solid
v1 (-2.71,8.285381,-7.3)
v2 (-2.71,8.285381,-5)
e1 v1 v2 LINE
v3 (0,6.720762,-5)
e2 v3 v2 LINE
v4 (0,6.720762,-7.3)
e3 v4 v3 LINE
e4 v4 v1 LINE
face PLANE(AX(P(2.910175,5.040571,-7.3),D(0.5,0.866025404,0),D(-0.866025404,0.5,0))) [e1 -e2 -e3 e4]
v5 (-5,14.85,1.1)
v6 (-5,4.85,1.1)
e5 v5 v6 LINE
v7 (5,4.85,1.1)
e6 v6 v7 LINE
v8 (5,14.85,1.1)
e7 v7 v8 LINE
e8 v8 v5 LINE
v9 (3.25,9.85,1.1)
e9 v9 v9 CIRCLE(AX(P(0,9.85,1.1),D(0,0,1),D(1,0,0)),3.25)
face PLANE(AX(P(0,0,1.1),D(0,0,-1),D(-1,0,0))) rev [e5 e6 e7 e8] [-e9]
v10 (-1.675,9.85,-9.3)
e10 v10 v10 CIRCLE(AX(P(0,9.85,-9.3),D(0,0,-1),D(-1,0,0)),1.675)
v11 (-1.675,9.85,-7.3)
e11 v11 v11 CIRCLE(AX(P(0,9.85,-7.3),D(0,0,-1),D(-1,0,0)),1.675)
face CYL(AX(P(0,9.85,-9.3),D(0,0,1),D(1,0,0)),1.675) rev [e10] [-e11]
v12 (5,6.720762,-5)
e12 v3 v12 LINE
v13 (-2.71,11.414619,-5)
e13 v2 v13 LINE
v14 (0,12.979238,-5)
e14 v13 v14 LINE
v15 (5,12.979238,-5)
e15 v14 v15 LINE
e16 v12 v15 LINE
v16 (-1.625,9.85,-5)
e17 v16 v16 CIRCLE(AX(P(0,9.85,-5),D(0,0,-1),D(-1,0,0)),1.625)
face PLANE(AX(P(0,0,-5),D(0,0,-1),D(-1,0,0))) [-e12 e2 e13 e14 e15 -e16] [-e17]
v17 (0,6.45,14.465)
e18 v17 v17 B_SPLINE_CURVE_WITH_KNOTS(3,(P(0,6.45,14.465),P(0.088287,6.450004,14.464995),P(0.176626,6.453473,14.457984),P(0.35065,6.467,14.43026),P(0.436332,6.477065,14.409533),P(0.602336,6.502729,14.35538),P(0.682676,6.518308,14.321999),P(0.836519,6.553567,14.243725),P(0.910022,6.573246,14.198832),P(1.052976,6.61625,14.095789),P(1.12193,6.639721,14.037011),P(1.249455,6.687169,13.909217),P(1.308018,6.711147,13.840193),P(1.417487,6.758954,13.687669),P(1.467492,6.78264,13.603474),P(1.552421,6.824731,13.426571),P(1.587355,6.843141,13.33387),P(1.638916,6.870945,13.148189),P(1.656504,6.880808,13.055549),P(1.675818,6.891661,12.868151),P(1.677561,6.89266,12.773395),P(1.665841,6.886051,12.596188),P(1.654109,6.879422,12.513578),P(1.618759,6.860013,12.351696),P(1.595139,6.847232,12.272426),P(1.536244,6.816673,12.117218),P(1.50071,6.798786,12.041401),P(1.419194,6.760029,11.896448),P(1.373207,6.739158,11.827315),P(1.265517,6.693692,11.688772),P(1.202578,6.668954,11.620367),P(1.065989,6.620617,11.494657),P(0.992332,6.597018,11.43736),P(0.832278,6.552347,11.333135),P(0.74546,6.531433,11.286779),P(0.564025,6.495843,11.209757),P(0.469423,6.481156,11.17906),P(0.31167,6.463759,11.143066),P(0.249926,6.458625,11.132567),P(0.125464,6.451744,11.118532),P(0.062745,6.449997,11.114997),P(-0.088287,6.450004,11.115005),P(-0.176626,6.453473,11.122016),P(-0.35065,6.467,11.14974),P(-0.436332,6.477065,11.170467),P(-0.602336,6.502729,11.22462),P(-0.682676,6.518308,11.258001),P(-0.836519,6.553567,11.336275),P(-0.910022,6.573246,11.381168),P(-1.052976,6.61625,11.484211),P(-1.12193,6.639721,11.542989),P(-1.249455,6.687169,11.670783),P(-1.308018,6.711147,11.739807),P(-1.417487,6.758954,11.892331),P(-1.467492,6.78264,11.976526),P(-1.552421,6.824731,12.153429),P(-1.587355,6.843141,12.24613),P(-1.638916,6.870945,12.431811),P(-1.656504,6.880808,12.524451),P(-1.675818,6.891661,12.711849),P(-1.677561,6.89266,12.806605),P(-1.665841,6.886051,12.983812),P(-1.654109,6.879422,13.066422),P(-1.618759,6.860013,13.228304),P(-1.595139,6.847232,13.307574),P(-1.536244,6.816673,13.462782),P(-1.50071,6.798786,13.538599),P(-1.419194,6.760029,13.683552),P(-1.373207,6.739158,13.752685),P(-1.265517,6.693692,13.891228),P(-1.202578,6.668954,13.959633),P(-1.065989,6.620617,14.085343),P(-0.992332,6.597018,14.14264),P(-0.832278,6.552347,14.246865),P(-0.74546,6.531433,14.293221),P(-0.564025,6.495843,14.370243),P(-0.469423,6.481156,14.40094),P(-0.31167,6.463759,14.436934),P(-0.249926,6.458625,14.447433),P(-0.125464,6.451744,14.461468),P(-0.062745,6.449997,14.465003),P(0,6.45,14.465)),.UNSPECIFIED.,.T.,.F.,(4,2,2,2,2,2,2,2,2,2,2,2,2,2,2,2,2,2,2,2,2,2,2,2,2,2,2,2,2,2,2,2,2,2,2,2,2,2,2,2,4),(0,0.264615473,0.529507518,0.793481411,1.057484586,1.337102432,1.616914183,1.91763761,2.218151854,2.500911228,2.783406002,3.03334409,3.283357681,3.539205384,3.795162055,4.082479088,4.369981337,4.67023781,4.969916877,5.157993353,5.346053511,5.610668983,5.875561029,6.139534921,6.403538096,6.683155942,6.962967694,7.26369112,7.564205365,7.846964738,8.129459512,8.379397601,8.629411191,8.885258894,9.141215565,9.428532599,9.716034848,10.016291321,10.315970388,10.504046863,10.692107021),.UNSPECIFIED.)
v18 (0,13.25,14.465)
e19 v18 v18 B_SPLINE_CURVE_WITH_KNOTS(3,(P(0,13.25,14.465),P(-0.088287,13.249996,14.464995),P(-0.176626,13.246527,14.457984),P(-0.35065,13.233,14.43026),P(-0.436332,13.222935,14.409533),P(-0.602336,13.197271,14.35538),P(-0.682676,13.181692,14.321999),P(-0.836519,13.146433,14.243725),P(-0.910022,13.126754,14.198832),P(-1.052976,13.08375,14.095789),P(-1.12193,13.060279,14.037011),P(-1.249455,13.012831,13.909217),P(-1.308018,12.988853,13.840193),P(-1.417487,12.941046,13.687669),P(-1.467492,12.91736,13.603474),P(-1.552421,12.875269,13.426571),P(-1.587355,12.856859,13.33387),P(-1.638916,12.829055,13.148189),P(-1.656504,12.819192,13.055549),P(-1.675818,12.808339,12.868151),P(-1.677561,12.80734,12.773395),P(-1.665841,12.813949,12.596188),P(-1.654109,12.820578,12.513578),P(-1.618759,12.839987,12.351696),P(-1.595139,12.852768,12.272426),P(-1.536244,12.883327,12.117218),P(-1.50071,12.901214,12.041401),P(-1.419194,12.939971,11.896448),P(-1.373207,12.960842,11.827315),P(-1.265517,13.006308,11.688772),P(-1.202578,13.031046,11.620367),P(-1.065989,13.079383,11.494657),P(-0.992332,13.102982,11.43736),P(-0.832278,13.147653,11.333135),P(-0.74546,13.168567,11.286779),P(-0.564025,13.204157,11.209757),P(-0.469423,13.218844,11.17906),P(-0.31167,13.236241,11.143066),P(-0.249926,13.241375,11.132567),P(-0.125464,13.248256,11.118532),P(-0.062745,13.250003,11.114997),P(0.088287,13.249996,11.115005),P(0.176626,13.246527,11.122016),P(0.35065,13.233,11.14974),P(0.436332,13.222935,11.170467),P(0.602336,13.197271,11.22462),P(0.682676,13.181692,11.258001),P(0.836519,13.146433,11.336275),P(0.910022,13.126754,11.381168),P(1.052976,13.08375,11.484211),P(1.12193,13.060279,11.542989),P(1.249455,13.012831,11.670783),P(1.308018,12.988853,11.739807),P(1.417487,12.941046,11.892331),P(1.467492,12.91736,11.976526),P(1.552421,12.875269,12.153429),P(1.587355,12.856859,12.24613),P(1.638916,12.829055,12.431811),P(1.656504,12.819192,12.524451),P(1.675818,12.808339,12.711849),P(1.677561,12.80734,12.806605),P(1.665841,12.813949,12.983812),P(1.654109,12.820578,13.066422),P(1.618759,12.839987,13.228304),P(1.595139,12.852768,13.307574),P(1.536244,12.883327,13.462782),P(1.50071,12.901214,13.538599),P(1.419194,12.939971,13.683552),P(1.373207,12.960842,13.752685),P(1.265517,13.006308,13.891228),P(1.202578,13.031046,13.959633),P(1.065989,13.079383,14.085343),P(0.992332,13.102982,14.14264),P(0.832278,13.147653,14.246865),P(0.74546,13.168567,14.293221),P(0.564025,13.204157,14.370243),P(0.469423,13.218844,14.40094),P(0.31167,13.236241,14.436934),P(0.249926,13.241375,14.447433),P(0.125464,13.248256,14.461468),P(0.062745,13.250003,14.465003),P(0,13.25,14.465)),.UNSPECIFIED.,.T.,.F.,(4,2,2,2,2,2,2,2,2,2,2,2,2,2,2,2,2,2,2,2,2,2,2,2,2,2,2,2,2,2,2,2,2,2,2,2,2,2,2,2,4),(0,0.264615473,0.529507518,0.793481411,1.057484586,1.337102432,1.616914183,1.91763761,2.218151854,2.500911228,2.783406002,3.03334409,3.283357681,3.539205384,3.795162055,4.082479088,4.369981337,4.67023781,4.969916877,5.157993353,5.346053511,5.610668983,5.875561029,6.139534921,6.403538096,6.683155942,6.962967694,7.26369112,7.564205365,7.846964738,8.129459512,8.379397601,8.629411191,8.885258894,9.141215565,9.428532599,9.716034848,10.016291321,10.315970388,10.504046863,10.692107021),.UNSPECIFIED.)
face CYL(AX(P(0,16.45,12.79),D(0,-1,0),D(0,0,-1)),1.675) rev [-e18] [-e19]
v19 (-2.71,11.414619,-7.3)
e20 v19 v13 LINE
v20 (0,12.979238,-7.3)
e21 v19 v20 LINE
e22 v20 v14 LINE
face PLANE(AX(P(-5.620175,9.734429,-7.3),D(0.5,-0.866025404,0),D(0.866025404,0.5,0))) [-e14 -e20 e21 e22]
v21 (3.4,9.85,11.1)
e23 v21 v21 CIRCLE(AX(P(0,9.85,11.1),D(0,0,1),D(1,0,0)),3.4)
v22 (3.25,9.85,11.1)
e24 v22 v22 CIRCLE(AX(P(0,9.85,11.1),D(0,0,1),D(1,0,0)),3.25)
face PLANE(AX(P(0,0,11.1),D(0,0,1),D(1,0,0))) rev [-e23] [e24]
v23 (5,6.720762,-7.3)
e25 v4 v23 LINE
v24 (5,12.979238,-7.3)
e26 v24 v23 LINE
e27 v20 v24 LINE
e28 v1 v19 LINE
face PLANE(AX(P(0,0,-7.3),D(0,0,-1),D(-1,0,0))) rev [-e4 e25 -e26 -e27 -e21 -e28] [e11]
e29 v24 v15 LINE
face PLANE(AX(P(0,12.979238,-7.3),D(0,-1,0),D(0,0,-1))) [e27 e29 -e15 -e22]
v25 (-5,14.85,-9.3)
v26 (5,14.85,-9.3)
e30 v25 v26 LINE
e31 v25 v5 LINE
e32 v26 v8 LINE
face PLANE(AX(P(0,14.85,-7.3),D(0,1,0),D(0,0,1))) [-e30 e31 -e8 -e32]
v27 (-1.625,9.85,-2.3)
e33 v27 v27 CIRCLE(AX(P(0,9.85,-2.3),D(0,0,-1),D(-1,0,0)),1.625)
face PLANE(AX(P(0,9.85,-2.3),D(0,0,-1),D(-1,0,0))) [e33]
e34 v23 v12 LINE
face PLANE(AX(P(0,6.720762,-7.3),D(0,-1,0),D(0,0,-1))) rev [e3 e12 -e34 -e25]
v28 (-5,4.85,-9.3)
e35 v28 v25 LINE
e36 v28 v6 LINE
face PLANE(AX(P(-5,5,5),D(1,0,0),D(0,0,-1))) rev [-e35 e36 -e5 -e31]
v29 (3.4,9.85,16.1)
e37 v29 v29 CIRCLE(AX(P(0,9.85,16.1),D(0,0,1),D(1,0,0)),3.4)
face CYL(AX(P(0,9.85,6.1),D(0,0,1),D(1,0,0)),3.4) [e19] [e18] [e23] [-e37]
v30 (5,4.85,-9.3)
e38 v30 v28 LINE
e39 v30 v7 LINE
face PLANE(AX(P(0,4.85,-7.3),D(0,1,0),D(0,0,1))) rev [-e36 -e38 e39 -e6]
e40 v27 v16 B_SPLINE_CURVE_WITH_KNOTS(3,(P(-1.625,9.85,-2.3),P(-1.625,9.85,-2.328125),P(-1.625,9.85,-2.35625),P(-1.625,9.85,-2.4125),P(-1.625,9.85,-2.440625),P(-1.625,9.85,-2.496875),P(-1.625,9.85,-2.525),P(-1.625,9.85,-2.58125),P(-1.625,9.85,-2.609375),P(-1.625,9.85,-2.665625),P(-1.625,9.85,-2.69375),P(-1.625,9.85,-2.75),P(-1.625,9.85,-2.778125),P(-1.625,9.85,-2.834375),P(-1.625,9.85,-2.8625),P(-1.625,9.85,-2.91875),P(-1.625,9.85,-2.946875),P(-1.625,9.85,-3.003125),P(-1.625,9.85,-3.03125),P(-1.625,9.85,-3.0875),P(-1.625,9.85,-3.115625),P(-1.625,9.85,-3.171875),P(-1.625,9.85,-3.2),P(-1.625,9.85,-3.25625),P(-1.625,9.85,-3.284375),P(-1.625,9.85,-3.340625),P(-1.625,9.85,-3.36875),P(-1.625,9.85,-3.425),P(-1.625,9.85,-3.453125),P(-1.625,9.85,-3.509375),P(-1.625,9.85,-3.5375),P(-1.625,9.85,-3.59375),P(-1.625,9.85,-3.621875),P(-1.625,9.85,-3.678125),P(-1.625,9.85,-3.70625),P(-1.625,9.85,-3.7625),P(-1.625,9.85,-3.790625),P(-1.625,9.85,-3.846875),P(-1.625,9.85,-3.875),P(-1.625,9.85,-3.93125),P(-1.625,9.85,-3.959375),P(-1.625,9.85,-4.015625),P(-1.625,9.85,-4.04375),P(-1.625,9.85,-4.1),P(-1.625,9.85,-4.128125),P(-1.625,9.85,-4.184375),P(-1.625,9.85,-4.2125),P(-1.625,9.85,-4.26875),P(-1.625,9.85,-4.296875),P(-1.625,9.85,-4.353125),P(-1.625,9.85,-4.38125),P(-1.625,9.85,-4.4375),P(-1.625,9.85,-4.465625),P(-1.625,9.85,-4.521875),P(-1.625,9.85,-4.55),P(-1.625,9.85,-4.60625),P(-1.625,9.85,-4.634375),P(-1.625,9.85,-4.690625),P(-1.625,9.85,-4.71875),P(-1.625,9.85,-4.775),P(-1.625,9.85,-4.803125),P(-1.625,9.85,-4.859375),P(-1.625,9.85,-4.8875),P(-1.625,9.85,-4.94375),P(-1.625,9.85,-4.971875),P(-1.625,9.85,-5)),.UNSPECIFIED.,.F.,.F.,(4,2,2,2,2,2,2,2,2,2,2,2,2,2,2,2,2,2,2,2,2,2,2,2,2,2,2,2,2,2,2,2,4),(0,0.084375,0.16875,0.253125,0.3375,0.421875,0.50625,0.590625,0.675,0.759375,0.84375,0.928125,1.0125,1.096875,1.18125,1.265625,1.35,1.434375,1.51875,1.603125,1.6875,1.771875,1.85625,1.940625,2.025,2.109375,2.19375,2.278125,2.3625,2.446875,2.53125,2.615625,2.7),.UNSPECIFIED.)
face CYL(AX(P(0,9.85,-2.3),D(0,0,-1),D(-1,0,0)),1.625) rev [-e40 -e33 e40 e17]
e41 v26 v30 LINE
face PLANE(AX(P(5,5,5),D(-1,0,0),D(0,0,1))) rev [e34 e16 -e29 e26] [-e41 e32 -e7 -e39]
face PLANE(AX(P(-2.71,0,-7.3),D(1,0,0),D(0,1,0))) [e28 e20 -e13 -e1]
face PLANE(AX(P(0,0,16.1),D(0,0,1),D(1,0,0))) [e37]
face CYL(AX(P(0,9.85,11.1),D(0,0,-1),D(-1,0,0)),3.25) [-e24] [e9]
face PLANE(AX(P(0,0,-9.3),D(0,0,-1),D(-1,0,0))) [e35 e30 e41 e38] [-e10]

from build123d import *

# Parameters (mm, degrees)
SKETCH1_W               = 10
SKETCH1_H               = 10
BOSS_EXTRUDE1_DEPTH     = 5
CUT_EXTRUDE1_DEPTH      = 9.660254038
CUT_EXTRUDE1_DEPTH_BACK = 9.660254038
SKETCH2_R               = 1.675
SKETCH3_R               = 1.675
CUT_EXTRUDE3_DEPTH      = 2.3
SKETCH4_W               = 10
SKETCH4_H               = 10
BOSS_EXTRUDE2_DEPTH     = 2.7
SKETCH6_W               = 10
SKETCH6_H               = 10
BOSS_EXTRUDE3_DEPTH     = 7
SKETCH9_R               = 2.15
CUT_EXTRUDE12_DEPTH     = 19.468622038
SKETCH10_R              = 1.675
CUT_EXTRUDE13_DEPTH     = 13.003749414
BOSS_EXTRUDE4_DEPTH     = 2.3
SKETCH12_W              = 10
SKETCH12_H              = 10
BOSS_EXTRUDE5_DEPTH     = 2.7
CUT_EXTRUDE14_START     = -2.7
SKETCH13_R              = 1.675
CUT_EXTRUDE14_DEPTH     = 2.7
SKETCH14_R              = 2.15
BOSS_EXTRUDE6_DEPTH     = 0.76
SKETCH16_W              = 10
SKETCH16_H              = 19.7
CUT_EXTRUDE15_DEPTH     = 2.29
BOSS_EXTRUDE7_START     = 1
SKETCH17_W              = 10
SKETCH17_H              = 7.71
SKETCH17_R              = 1.675
BOSS_EXTRUDE7_DEPTH     = 1
SKETCH18_W              = 10
SKETCH18_H              = 7.71
SKETCH18_R              = 1.675
BOSS_EXTRUDE9_DEPTH     = 1
BOSS_EXTRUDE13_DEPTH    = 2.3
SKETCH23_W              = 10
SKETCH23_H              = 10
SKETCH23_R              = 1.675
BOSS_EXTRUDE15_DEPTH    = 2
SKETCH24_W              = 10
SKETCH24_H              = 5.85
CUT_EXTRUDE16_DEPTH     = 25.448519432
SKETCH25_W              = 10
SKETCH25_H              = 10
BOSS_EXTRUDE16_DEPTH    = 6
SKETCH26_W              = 10
SKETCH26_H              = 10
CUT_EXTRUDE17_DEPTH     = 7.71
SKETCH27_W              = 10
SKETCH27_H              = 10
BOSS_EXTRUDE17_DEPTH    = 6.1
SKETCH28_R              = 3.25
BOSS_EXTRUDE18_DEPTH    = 10
SKETCH29_R              = 1.625
CUT_EXTRUDE18_DEPTH     = 2.7
SKETCH33_W              = 6.8
SKETCH33_H              = 6.8
BOSS_EXTRUDE19_DEPTH    = 5
SKETCH36_R              = 1.675
CUT_EXTRUDE22_DEPTH     = 10
CUT_EXTRUDE23_DEPTH     = 10


with BuildPart() as part:
    # Sketch1 → Boss-Extrude1 (new body)
    with BuildSketch(Plane(origin=(0, 0, 0), x_dir=(1, 0, 0), z_dir=(0, 1, 0))):
        Rectangle(SKETCH1_W, SKETCH1_H)
    extrude(amount=BOSS_EXTRUDE1_DEPTH)

    # Sketch2 → Cut-Extrude1 (cut, two sides: drawn at the far end of the back side and taken through both)
    with BuildSketch(Plane(origin=(0, 5, 0), x_dir=(1, 0, 0), z_dir=(0, 1, 0)).offset(-CUT_EXTRUDE1_DEPTH_BACK)):
        with Locations(Location((0, 0, 0), (0, 0, 270))):
            Circle(SKETCH2_R)
    extrude(amount=CUT_EXTRUDE1_DEPTH + CUT_EXTRUDE1_DEPTH_BACK, mode=Mode.SUBTRACT)

    # Sketch3 → Cut-Extrude3 (cut)
    # profile 1 of 2: a face of its own
    with BuildSketch(Plane(origin=(0, 5, 0), x_dir=(1, 0, 0), z_dir=(0, 1, 0))):
        Polygon((-1.56461923, -2.71), (1.56461923, -2.71), (3.129238459, 0), (1.56461923, 2.71), (-1.56461923, 2.71), (-3.129238459, 0), align=None)
        with Locations(Location((0, 0, 0), (0, 0, 270))):
            Circle(SKETCH3_R, mode=Mode.SUBTRACT)
    # profile 2 of 2: a face of its own
    with BuildSketch(Plane(origin=(0, 5, 0), x_dir=(1, 0, 0), z_dir=(0, 1, 0))):
        Polygon((-1.56461923, -2.71), (-3.129238459, 0), (-3.129238459, -5), (3.129238459, -5), (3.129238459, 0), (1.56461923, -2.71), align=None)
    extrude(amount=-CUT_EXTRUDE3_DEPTH, mode=Mode.SUBTRACT)

    # Sketch4 → Boss-Extrude2 (add)
    with BuildSketch(Plane(origin=(0, 5, 0), x_dir=(1, 0, 0), z_dir=(0, 1, 0))):
        Rectangle(SKETCH4_W, SKETCH4_H)
    extrude(amount=BOSS_EXTRUDE2_DEPTH)

    # Sketch6 → Boss-Extrude3 (add)
    with BuildSketch(Plane(origin=(0, 7.7, 0), x_dir=(1, 0, 0), z_dir=(0, 1, 0))):
        Rectangle(SKETCH6_W, SKETCH6_H)
    extrude(amount=BOSS_EXTRUDE3_DEPTH)

    # Sketch9 → Cut-Extrude12 (cut, through all)
    with BuildSketch(Plane(origin=(0, 0, -5), x_dir=(-1, 0, 0), z_dir=(0, 0, -1))):
        with Locations((0, 9.85)):
            Circle(SKETCH9_R)
    extrude(amount=-CUT_EXTRUDE12_DEPTH, mode=Mode.SUBTRACT)

    # Sketch10 → Cut-Extrude13 (cut, through all)
    with BuildSketch(Plane.XZ.offset(-5)):
        with Locations(Location((0, 0, 0), (0, 0, 90))):
            Circle(SKETCH10_R)
    extrude(amount=-CUT_EXTRUDE13_DEPTH, mode=Mode.SUBTRACT)

    # Sketch11 → Boss-Extrude4 (add)
    with BuildSketch(Plane(origin=(0, 14.7, 0), x_dir=(1, 0, 0), z_dir=(0, 1, 0))):
        Polygon((1.56461923, 2.71), (3.129238459, 0), (3.129238459, -5), (5, -5), (5, 5), (-5, 5), (-5, -5), (-3.129238459, -5), (-3.129238459, 0), (-1.56461923, 2.71), align=None)
    extrude(amount=BOSS_EXTRUDE4_DEPTH)

    # Sketch12 → Boss-Extrude5 (add)
    with BuildSketch(Plane(origin=(0, 17, 0), x_dir=(1, 0, 0), z_dir=(0, 1, 0))):
        Rectangle(SKETCH12_W, SKETCH12_H)
    extrude(amount=BOSS_EXTRUDE5_DEPTH)

    # Sketch13 → Cut-Extrude14 (cut)
    with BuildSketch(Plane(origin=(0, 19.7, 0), x_dir=(1, 0, 0), z_dir=(0, 1, 0)).offset(CUT_EXTRUDE14_START)):
        with Locations(Location((0, 0, 0), (0, 0, 270))):
            Circle(SKETCH13_R)
    extrude(amount=CUT_EXTRUDE14_DEPTH, mode=Mode.SUBTRACT)

    # Sketch16 → Cut-Extrude15 (cut)
    with BuildSketch(Plane.XY.offset(5)):
        with Locations((0, 9.85)):
            Rectangle(SKETCH16_W, SKETCH16_H)
    extrude(amount=-CUT_EXTRUDE15_DEPTH, mode=Mode.SUBTRACT)

    # Sketch17 → Boss-Extrude7 (add)
    with BuildSketch(Plane(origin=(0, 0, 0), x_dir=(-1, 0, 0), z_dir=(0, -1, 0)).offset(BOSS_EXTRUDE7_START)):
        with Locations((0, 1.145)):
            Rectangle(SKETCH17_W, SKETCH17_H)
        with Locations(Location((0, 0, 0), (0, 0, 270))):
            Circle(SKETCH17_R, mode=Mode.SUBTRACT)
    extrude(amount=-BOSS_EXTRUDE7_DEPTH)

    # Sketch18 → Boss-Extrude9 (add)
    with BuildSketch(Plane(origin=(0, 19.7, 0), x_dir=(1, 0, 0), z_dir=(0, 1, 0))):
        with Locations((0, 1.145)):
            Rectangle(SKETCH18_W, SKETCH18_H)
        with Locations(Location((0, 0, 0), (0, 0, 270))):
            Circle(SKETCH18_R, mode=Mode.SUBTRACT)
    extrude(amount=BOSS_EXTRUDE9_DEPTH)


with BuildPart() as body_2:
    # Sketch14 → Boss-Extrude6 (new body)
    with BuildSketch(Plane(origin=(0, 0, -5), x_dir=(-1, 0, 0), z_dir=(0, 0, -1))):
        with Locations((0, 9.85)):
            Circle(SKETCH14_R)
    extrude(amount=-BOSS_EXTRUDE6_DEPTH)


    add(part.part)  # Boss-Extrude13 merges part
    # Sketch22 → Boss-Extrude13 (add)
    with BuildSketch(Plane(origin=(0, 0, -5), x_dir=(-1, 0, 0), z_dir=(0, 0, -1))):
        Polygon((-5, 12.979238459), (0, 12.979238459), (2.71, 11.41461923), (2.71, 8.28538077), (0, 6.720761541), (-5, 6.720761541), (-5, 4.85), (5, 4.85), (5, 14.85), (-5, 14.85), align=None)
    extrude(amount=BOSS_EXTRUDE13_DEPTH)

    # Sketch23 → Boss-Extrude15 (add)
    with BuildSketch(Plane(origin=(0, 0, -7.3), x_dir=(-1, 0, 0), z_dir=(0, 0, -1))):
        with Locations((0, 9.85)):
            Rectangle(SKETCH23_W, SKETCH23_H)
        with Locations((0, 9.85)):
            Circle(SKETCH23_R, mode=Mode.SUBTRACT)
    extrude(amount=BOSS_EXTRUDE15_DEPTH)

    # Sketch24 → Cut-Extrude16 (cut, through all)
    with BuildSketch(Plane(origin=(0, 0, -9.3), x_dir=(-1, 0, 0), z_dir=(0, 0, -1))):
        with Locations((0, 17.775)):
            Rectangle(SKETCH24_W, SKETCH24_H)
        with Locations((0, 1.925)):
            Rectangle(SKETCH24_W, SKETCH24_H)
    extrude(amount=-CUT_EXTRUDE16_DEPTH, mode=Mode.SUBTRACT)

    # Sketch25 → Boss-Extrude16 (add)
    with BuildSketch(Plane.XY.offset(2.71)):
        with Locations((0, 9.85)):
            Rectangle(SKETCH25_W, SKETCH25_H)
    extrude(amount=-BOSS_EXTRUDE16_DEPTH)

    # Sketch26 → Cut-Extrude17 (cut)
    with BuildSketch(Plane.XY.offset(2.71)):
        with Locations((0, 9.85)):
            Rectangle(SKETCH26_W, SKETCH26_H)
    extrude(amount=-CUT_EXTRUDE17_DEPTH, mode=Mode.SUBTRACT)

    # Sketch27 → Boss-Extrude17 (add)
    with BuildSketch(Plane.XY.offset(-5)):
        with Locations((0, 9.85)):
            Rectangle(SKETCH27_W, SKETCH27_H)
    extrude(amount=BOSS_EXTRUDE17_DEPTH)

    # Sketch28 → Boss-Extrude18 (add)
    with BuildSketch(Plane.XY.offset(1.1)):
        with Locations((0, 9.85)):
            Circle(SKETCH28_R)
    extrude(amount=BOSS_EXTRUDE18_DEPTH)

    # Sketch29 → Cut-Extrude18 (cut)
    with BuildSketch(Plane(origin=(0, 0, -5), x_dir=(-1, 0, 0), z_dir=(0, 0, -1))):
        with Locations((0, 9.85)):
            Circle(SKETCH29_R)
    extrude(amount=-CUT_EXTRUDE18_DEPTH, mode=Mode.SUBTRACT)

    # Sketch33 → Boss-Extrude19 (add)
    with BuildSketch(Plane.XY.offset(11.1)):
        with Locations((0, 9.85)):
            Rectangle(SKETCH33_W, SKETCH33_H)
    extrude(amount=BOSS_EXTRUDE19_DEPTH)

    # Sketch36 → Cut-Extrude22 (cut)
    with BuildSketch(Plane(origin=(0, 6.45, 0), x_dir=(-1, 0, 0), z_dir=(0, -1, 0))):
        with Locations(Location((0, -12.79, 0), (0, 0, 90))):
            Circle(SKETCH36_R)
    extrude(amount=-CUT_EXTRUDE22_DEPTH, mode=Mode.SUBTRACT)

    # Sketch37 → Cut-Extrude23 (cut)
    with BuildSketch(Plane.XY.offset(16.1)):
        with BuildLine():
            Line((0, 13.25), (-3.4, 13.25))
            Line((-3.4, 13.25), (-2.404163056, 12.254163056))
            ThreePointArc((-2.404163056, 12.254163056), (-1.30112367, 12.991190411), (0, 13.25))
        make_face()
        with BuildLine():
            Line((-2.404163056, 12.254163056), (-3.4, 13.25))
            Line((-3.4, 13.25), (-3.4, 9.85))
            ThreePointArc((-3.4, 9.85), (-3.141190411, 11.15112367), (-2.404163056, 12.254163056))
        make_face()
        with BuildLine():
            ThreePointArc((0, 6.45), (-2.404163056, 7.445836944), (-3.4, 9.85))
            Line((-3.4, 9.85), (-3.4, 6.45))
            Line((-3.4, 6.45), (0, 6.45))
        make_face()
        with BuildLine():
            Line((3.4, 6.45), (2.404163056, 7.445836944))
            ThreePointArc((2.404163056, 7.445836944), (1.30112367, 6.708809589), (0, 6.45))
            Line((0, 6.45), (3.4, 6.45))
        make_face()
        with BuildLine():
            ThreePointArc((3.4, 9.85), (3.141190411, 8.54887633), (2.404163056, 7.445836944))
            Line((2.404163056, 7.445836944), (3.4, 6.45))
            Line((3.4, 6.45), (3.4, 9.85))
        make_face()
        with BuildLine():
            Line((3.4, 13.25), (0, 13.25))
            ThreePointArc((0, 13.25), (2.404163056, 12.254163056), (3.4, 9.85))
            Line((3.4, 9.85), (3.4, 13.25))
        make_face()
    extrude(amount=-CUT_EXTRUDE23_DEPTH, mode=Mode.SUBTRACT)


solid = body_2.part
